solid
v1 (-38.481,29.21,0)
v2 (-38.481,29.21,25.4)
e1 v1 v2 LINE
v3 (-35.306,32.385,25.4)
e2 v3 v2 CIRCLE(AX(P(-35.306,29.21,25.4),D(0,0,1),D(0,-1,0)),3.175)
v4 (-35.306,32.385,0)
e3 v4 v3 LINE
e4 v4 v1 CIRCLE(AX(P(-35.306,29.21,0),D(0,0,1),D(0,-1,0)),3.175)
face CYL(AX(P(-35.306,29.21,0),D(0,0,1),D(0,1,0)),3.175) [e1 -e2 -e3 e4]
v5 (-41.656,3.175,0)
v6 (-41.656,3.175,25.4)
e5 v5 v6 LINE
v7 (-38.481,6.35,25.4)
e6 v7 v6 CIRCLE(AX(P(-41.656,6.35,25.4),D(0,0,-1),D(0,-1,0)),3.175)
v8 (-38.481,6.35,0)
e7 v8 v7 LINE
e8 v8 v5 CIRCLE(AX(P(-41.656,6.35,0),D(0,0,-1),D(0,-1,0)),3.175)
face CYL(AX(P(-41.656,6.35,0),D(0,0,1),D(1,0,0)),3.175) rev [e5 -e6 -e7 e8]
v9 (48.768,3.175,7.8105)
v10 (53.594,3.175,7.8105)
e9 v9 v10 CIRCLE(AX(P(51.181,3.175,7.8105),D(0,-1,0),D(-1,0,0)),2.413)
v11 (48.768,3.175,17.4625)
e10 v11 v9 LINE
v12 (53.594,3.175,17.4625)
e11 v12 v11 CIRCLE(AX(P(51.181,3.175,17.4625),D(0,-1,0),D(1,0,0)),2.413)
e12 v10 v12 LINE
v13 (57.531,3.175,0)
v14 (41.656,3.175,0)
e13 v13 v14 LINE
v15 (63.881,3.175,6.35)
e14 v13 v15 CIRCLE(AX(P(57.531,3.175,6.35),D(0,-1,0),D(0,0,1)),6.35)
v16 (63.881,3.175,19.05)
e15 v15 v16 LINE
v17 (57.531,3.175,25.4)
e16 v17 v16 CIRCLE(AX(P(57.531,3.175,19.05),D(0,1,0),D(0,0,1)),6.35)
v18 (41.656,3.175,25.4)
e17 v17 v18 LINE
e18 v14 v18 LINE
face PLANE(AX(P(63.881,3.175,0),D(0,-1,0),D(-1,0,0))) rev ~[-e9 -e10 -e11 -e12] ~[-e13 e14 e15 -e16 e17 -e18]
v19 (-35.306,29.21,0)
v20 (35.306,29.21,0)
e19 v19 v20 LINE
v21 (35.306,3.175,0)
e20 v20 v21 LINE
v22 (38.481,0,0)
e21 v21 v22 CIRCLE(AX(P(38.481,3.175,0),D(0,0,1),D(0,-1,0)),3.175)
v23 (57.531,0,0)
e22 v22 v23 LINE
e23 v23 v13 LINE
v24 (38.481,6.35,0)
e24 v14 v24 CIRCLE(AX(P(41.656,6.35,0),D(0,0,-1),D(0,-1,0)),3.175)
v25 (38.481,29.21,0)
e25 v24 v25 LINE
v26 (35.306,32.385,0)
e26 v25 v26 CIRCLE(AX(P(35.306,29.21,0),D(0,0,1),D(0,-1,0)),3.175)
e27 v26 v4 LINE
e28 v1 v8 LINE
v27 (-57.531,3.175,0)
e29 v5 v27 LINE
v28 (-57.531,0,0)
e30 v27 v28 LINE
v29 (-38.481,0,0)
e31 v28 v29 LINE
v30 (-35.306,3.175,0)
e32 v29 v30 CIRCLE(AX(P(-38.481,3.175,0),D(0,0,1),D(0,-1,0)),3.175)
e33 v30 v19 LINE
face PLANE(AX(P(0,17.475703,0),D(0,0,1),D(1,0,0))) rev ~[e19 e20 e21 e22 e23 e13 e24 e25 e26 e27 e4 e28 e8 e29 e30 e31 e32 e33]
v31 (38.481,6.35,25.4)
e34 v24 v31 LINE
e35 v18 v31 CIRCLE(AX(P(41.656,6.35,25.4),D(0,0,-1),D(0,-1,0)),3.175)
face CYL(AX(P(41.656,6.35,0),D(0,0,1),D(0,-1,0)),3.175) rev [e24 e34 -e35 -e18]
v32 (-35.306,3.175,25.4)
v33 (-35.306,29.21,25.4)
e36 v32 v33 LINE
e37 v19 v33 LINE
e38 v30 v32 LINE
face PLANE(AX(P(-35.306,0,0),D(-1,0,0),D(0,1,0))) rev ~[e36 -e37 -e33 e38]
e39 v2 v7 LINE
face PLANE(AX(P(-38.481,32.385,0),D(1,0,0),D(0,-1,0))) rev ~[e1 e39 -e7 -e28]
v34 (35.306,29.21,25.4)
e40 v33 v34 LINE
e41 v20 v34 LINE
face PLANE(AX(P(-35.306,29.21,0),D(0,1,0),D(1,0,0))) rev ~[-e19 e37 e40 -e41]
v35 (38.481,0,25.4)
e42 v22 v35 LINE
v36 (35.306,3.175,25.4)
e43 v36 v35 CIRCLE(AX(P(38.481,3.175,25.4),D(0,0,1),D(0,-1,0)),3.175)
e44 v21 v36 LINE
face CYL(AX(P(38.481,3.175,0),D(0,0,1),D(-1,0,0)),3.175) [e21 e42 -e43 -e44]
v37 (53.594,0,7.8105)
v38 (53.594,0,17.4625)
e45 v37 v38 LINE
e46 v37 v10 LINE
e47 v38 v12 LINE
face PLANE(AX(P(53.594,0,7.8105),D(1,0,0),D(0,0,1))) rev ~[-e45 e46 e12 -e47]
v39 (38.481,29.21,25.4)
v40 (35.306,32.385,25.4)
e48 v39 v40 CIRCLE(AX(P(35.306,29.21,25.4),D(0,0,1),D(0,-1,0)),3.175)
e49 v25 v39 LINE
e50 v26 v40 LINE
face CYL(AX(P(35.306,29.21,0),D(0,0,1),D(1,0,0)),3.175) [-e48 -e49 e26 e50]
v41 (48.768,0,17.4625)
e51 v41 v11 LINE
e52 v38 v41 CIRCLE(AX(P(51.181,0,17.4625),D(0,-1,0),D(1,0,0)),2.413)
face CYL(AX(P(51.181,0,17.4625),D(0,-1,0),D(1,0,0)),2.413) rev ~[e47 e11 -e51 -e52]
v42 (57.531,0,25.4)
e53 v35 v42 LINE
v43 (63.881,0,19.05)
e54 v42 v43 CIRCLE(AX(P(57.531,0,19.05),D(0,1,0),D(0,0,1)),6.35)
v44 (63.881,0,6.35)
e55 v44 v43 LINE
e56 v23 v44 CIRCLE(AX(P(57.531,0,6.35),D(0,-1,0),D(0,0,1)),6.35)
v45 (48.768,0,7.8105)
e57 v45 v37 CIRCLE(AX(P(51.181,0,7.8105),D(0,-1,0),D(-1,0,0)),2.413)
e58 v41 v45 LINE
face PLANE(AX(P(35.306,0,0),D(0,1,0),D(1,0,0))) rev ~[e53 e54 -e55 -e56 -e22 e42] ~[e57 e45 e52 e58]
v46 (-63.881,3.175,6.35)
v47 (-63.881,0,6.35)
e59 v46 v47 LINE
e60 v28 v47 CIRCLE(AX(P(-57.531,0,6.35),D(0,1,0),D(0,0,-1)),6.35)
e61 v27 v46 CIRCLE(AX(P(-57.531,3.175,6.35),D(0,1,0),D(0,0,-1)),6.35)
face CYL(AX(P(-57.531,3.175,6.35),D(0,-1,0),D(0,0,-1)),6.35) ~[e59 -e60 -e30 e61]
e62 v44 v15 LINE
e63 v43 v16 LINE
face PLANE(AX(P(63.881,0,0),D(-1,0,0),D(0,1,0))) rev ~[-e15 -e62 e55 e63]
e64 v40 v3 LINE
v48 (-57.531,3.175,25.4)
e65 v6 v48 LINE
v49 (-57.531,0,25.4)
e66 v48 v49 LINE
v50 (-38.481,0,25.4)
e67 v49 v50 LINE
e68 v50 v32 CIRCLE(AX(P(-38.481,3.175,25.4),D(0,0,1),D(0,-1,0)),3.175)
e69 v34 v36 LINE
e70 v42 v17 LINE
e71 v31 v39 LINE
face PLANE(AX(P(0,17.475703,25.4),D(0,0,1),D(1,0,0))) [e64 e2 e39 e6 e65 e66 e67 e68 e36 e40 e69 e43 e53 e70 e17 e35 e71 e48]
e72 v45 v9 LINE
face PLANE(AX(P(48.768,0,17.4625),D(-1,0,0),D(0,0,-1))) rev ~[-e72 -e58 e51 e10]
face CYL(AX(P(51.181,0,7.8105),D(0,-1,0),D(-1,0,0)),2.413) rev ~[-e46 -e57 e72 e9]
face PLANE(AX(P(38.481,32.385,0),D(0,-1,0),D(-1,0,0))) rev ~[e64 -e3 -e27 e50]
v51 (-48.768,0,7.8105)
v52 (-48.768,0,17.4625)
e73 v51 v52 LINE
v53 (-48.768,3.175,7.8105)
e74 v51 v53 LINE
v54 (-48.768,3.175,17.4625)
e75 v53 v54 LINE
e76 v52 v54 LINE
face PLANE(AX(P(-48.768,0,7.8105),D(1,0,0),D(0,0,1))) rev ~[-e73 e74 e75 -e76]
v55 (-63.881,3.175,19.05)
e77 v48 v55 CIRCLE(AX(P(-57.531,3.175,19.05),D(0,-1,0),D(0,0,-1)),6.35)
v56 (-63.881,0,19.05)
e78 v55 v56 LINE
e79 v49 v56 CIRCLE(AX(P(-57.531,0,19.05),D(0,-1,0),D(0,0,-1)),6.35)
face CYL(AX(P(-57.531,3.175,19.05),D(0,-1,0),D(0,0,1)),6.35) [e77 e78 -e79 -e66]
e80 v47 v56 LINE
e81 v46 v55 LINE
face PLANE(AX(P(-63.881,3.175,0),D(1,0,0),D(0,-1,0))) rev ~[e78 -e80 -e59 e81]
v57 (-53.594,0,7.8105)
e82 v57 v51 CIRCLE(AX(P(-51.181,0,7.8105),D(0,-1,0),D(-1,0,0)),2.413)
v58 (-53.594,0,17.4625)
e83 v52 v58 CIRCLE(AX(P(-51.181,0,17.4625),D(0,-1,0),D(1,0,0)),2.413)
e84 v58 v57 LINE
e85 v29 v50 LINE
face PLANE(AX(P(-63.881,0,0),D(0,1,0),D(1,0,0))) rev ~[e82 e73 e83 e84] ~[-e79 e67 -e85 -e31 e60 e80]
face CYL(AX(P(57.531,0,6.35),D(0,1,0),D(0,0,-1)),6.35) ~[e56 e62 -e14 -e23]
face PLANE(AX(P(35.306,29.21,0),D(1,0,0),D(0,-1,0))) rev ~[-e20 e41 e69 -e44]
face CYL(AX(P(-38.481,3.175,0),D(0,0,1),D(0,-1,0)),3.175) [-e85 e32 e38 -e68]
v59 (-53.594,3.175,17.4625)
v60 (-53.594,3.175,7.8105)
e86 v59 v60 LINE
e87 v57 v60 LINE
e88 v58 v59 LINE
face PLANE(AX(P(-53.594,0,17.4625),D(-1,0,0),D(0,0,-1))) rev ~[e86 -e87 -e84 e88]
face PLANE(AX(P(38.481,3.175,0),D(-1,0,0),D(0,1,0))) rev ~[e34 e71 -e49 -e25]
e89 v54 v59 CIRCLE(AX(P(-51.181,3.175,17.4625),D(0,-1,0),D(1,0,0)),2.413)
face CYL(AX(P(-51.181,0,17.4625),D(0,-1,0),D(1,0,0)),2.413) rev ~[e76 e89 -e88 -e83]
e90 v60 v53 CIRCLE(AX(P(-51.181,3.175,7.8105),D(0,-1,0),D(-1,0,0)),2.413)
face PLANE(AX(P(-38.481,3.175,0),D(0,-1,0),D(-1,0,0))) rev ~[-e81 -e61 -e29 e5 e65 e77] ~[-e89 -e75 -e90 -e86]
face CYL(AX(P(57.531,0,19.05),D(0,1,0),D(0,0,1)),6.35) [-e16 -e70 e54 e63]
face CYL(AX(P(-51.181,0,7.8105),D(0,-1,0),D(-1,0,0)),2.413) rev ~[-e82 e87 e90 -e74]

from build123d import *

# Parameters (mm, degrees)
F1_DEPTH = 25.4
F2_R     = 3.175
F4_DEPTH = 32.386
F5_R     = 6.35


with BuildPart() as f1:
    # F0 (on Top) → F1 (new body)
    with BuildSketch(Plane.XY):
        Polygon((-35.306, 29.21), (0, 29.21), (35.306, 29.21), (35.306, 0), (63.881, 0), (63.881, 3.175), (38.481, 3.175), (38.481, 32.385), (0, 32.385), (-38.481, 32.385), (-38.481, 3.175), (-63.881, 3.175), (-63.881, 0), (-35.306, 0), align=None)
    extrude(amount=F1_DEPTH)

    # F2
    f2_edges = [f1.edges().sort_by_distance(p)[0] for p in [
        (-35.306, 0, 12.7),
        (35.306, 0, 12.7),
        (-38.481, 3.175, 12.7),
        (-38.481, 32.385, 12.7),
        (38.481, 32.385, 12.7),
        (38.481, 3.175, 12.7),
    ]]
    fillet(f2_edges, radius=F2_R)

    # F3 (on Front) → F4 (cut, through all)
    with BuildSketch(Plane.XZ):
        with BuildLine():
            ThreePointArc((-53.594, 7.8105), (-51.181, 5.3975), (-48.768, 7.8105))
            Line((-48.768, 7.8105), (-48.768, 17.4625))
            ThreePointArc((-48.768, 17.4625), (-51.181, 19.8755), (-53.594, 17.4625))
            Line((-53.594, 17.4625), (-53.594, 7.8105))
        make_face()
        with BuildLine():
            Line((48.768, 17.4625), (48.768, 7.8105))
            ThreePointArc((48.768, 7.8105), (51.181, 5.3975), (53.594, 7.8105))
            Line((53.594, 7.8105), (53.594, 17.4625))
            ThreePointArc((53.594, 17.4625), (51.181, 19.8755), (48.768, 17.4625))
        make_face()
    extrude(amount=-F4_DEPTH, mode=Mode.SUBTRACT)

    # F5
    f5_edges = [f1.edges().sort_by_distance(p)[0] for p in [
        (-63.881, 1.5875, 0),
        (-63.881, 1.5875, 25.4),
        (63.881, 1.5875, 25.4),
        (63.881, 1.5875, 0),
    ]]
    fillet(f5_edges, radius=F5_R)


solid = f1.part
